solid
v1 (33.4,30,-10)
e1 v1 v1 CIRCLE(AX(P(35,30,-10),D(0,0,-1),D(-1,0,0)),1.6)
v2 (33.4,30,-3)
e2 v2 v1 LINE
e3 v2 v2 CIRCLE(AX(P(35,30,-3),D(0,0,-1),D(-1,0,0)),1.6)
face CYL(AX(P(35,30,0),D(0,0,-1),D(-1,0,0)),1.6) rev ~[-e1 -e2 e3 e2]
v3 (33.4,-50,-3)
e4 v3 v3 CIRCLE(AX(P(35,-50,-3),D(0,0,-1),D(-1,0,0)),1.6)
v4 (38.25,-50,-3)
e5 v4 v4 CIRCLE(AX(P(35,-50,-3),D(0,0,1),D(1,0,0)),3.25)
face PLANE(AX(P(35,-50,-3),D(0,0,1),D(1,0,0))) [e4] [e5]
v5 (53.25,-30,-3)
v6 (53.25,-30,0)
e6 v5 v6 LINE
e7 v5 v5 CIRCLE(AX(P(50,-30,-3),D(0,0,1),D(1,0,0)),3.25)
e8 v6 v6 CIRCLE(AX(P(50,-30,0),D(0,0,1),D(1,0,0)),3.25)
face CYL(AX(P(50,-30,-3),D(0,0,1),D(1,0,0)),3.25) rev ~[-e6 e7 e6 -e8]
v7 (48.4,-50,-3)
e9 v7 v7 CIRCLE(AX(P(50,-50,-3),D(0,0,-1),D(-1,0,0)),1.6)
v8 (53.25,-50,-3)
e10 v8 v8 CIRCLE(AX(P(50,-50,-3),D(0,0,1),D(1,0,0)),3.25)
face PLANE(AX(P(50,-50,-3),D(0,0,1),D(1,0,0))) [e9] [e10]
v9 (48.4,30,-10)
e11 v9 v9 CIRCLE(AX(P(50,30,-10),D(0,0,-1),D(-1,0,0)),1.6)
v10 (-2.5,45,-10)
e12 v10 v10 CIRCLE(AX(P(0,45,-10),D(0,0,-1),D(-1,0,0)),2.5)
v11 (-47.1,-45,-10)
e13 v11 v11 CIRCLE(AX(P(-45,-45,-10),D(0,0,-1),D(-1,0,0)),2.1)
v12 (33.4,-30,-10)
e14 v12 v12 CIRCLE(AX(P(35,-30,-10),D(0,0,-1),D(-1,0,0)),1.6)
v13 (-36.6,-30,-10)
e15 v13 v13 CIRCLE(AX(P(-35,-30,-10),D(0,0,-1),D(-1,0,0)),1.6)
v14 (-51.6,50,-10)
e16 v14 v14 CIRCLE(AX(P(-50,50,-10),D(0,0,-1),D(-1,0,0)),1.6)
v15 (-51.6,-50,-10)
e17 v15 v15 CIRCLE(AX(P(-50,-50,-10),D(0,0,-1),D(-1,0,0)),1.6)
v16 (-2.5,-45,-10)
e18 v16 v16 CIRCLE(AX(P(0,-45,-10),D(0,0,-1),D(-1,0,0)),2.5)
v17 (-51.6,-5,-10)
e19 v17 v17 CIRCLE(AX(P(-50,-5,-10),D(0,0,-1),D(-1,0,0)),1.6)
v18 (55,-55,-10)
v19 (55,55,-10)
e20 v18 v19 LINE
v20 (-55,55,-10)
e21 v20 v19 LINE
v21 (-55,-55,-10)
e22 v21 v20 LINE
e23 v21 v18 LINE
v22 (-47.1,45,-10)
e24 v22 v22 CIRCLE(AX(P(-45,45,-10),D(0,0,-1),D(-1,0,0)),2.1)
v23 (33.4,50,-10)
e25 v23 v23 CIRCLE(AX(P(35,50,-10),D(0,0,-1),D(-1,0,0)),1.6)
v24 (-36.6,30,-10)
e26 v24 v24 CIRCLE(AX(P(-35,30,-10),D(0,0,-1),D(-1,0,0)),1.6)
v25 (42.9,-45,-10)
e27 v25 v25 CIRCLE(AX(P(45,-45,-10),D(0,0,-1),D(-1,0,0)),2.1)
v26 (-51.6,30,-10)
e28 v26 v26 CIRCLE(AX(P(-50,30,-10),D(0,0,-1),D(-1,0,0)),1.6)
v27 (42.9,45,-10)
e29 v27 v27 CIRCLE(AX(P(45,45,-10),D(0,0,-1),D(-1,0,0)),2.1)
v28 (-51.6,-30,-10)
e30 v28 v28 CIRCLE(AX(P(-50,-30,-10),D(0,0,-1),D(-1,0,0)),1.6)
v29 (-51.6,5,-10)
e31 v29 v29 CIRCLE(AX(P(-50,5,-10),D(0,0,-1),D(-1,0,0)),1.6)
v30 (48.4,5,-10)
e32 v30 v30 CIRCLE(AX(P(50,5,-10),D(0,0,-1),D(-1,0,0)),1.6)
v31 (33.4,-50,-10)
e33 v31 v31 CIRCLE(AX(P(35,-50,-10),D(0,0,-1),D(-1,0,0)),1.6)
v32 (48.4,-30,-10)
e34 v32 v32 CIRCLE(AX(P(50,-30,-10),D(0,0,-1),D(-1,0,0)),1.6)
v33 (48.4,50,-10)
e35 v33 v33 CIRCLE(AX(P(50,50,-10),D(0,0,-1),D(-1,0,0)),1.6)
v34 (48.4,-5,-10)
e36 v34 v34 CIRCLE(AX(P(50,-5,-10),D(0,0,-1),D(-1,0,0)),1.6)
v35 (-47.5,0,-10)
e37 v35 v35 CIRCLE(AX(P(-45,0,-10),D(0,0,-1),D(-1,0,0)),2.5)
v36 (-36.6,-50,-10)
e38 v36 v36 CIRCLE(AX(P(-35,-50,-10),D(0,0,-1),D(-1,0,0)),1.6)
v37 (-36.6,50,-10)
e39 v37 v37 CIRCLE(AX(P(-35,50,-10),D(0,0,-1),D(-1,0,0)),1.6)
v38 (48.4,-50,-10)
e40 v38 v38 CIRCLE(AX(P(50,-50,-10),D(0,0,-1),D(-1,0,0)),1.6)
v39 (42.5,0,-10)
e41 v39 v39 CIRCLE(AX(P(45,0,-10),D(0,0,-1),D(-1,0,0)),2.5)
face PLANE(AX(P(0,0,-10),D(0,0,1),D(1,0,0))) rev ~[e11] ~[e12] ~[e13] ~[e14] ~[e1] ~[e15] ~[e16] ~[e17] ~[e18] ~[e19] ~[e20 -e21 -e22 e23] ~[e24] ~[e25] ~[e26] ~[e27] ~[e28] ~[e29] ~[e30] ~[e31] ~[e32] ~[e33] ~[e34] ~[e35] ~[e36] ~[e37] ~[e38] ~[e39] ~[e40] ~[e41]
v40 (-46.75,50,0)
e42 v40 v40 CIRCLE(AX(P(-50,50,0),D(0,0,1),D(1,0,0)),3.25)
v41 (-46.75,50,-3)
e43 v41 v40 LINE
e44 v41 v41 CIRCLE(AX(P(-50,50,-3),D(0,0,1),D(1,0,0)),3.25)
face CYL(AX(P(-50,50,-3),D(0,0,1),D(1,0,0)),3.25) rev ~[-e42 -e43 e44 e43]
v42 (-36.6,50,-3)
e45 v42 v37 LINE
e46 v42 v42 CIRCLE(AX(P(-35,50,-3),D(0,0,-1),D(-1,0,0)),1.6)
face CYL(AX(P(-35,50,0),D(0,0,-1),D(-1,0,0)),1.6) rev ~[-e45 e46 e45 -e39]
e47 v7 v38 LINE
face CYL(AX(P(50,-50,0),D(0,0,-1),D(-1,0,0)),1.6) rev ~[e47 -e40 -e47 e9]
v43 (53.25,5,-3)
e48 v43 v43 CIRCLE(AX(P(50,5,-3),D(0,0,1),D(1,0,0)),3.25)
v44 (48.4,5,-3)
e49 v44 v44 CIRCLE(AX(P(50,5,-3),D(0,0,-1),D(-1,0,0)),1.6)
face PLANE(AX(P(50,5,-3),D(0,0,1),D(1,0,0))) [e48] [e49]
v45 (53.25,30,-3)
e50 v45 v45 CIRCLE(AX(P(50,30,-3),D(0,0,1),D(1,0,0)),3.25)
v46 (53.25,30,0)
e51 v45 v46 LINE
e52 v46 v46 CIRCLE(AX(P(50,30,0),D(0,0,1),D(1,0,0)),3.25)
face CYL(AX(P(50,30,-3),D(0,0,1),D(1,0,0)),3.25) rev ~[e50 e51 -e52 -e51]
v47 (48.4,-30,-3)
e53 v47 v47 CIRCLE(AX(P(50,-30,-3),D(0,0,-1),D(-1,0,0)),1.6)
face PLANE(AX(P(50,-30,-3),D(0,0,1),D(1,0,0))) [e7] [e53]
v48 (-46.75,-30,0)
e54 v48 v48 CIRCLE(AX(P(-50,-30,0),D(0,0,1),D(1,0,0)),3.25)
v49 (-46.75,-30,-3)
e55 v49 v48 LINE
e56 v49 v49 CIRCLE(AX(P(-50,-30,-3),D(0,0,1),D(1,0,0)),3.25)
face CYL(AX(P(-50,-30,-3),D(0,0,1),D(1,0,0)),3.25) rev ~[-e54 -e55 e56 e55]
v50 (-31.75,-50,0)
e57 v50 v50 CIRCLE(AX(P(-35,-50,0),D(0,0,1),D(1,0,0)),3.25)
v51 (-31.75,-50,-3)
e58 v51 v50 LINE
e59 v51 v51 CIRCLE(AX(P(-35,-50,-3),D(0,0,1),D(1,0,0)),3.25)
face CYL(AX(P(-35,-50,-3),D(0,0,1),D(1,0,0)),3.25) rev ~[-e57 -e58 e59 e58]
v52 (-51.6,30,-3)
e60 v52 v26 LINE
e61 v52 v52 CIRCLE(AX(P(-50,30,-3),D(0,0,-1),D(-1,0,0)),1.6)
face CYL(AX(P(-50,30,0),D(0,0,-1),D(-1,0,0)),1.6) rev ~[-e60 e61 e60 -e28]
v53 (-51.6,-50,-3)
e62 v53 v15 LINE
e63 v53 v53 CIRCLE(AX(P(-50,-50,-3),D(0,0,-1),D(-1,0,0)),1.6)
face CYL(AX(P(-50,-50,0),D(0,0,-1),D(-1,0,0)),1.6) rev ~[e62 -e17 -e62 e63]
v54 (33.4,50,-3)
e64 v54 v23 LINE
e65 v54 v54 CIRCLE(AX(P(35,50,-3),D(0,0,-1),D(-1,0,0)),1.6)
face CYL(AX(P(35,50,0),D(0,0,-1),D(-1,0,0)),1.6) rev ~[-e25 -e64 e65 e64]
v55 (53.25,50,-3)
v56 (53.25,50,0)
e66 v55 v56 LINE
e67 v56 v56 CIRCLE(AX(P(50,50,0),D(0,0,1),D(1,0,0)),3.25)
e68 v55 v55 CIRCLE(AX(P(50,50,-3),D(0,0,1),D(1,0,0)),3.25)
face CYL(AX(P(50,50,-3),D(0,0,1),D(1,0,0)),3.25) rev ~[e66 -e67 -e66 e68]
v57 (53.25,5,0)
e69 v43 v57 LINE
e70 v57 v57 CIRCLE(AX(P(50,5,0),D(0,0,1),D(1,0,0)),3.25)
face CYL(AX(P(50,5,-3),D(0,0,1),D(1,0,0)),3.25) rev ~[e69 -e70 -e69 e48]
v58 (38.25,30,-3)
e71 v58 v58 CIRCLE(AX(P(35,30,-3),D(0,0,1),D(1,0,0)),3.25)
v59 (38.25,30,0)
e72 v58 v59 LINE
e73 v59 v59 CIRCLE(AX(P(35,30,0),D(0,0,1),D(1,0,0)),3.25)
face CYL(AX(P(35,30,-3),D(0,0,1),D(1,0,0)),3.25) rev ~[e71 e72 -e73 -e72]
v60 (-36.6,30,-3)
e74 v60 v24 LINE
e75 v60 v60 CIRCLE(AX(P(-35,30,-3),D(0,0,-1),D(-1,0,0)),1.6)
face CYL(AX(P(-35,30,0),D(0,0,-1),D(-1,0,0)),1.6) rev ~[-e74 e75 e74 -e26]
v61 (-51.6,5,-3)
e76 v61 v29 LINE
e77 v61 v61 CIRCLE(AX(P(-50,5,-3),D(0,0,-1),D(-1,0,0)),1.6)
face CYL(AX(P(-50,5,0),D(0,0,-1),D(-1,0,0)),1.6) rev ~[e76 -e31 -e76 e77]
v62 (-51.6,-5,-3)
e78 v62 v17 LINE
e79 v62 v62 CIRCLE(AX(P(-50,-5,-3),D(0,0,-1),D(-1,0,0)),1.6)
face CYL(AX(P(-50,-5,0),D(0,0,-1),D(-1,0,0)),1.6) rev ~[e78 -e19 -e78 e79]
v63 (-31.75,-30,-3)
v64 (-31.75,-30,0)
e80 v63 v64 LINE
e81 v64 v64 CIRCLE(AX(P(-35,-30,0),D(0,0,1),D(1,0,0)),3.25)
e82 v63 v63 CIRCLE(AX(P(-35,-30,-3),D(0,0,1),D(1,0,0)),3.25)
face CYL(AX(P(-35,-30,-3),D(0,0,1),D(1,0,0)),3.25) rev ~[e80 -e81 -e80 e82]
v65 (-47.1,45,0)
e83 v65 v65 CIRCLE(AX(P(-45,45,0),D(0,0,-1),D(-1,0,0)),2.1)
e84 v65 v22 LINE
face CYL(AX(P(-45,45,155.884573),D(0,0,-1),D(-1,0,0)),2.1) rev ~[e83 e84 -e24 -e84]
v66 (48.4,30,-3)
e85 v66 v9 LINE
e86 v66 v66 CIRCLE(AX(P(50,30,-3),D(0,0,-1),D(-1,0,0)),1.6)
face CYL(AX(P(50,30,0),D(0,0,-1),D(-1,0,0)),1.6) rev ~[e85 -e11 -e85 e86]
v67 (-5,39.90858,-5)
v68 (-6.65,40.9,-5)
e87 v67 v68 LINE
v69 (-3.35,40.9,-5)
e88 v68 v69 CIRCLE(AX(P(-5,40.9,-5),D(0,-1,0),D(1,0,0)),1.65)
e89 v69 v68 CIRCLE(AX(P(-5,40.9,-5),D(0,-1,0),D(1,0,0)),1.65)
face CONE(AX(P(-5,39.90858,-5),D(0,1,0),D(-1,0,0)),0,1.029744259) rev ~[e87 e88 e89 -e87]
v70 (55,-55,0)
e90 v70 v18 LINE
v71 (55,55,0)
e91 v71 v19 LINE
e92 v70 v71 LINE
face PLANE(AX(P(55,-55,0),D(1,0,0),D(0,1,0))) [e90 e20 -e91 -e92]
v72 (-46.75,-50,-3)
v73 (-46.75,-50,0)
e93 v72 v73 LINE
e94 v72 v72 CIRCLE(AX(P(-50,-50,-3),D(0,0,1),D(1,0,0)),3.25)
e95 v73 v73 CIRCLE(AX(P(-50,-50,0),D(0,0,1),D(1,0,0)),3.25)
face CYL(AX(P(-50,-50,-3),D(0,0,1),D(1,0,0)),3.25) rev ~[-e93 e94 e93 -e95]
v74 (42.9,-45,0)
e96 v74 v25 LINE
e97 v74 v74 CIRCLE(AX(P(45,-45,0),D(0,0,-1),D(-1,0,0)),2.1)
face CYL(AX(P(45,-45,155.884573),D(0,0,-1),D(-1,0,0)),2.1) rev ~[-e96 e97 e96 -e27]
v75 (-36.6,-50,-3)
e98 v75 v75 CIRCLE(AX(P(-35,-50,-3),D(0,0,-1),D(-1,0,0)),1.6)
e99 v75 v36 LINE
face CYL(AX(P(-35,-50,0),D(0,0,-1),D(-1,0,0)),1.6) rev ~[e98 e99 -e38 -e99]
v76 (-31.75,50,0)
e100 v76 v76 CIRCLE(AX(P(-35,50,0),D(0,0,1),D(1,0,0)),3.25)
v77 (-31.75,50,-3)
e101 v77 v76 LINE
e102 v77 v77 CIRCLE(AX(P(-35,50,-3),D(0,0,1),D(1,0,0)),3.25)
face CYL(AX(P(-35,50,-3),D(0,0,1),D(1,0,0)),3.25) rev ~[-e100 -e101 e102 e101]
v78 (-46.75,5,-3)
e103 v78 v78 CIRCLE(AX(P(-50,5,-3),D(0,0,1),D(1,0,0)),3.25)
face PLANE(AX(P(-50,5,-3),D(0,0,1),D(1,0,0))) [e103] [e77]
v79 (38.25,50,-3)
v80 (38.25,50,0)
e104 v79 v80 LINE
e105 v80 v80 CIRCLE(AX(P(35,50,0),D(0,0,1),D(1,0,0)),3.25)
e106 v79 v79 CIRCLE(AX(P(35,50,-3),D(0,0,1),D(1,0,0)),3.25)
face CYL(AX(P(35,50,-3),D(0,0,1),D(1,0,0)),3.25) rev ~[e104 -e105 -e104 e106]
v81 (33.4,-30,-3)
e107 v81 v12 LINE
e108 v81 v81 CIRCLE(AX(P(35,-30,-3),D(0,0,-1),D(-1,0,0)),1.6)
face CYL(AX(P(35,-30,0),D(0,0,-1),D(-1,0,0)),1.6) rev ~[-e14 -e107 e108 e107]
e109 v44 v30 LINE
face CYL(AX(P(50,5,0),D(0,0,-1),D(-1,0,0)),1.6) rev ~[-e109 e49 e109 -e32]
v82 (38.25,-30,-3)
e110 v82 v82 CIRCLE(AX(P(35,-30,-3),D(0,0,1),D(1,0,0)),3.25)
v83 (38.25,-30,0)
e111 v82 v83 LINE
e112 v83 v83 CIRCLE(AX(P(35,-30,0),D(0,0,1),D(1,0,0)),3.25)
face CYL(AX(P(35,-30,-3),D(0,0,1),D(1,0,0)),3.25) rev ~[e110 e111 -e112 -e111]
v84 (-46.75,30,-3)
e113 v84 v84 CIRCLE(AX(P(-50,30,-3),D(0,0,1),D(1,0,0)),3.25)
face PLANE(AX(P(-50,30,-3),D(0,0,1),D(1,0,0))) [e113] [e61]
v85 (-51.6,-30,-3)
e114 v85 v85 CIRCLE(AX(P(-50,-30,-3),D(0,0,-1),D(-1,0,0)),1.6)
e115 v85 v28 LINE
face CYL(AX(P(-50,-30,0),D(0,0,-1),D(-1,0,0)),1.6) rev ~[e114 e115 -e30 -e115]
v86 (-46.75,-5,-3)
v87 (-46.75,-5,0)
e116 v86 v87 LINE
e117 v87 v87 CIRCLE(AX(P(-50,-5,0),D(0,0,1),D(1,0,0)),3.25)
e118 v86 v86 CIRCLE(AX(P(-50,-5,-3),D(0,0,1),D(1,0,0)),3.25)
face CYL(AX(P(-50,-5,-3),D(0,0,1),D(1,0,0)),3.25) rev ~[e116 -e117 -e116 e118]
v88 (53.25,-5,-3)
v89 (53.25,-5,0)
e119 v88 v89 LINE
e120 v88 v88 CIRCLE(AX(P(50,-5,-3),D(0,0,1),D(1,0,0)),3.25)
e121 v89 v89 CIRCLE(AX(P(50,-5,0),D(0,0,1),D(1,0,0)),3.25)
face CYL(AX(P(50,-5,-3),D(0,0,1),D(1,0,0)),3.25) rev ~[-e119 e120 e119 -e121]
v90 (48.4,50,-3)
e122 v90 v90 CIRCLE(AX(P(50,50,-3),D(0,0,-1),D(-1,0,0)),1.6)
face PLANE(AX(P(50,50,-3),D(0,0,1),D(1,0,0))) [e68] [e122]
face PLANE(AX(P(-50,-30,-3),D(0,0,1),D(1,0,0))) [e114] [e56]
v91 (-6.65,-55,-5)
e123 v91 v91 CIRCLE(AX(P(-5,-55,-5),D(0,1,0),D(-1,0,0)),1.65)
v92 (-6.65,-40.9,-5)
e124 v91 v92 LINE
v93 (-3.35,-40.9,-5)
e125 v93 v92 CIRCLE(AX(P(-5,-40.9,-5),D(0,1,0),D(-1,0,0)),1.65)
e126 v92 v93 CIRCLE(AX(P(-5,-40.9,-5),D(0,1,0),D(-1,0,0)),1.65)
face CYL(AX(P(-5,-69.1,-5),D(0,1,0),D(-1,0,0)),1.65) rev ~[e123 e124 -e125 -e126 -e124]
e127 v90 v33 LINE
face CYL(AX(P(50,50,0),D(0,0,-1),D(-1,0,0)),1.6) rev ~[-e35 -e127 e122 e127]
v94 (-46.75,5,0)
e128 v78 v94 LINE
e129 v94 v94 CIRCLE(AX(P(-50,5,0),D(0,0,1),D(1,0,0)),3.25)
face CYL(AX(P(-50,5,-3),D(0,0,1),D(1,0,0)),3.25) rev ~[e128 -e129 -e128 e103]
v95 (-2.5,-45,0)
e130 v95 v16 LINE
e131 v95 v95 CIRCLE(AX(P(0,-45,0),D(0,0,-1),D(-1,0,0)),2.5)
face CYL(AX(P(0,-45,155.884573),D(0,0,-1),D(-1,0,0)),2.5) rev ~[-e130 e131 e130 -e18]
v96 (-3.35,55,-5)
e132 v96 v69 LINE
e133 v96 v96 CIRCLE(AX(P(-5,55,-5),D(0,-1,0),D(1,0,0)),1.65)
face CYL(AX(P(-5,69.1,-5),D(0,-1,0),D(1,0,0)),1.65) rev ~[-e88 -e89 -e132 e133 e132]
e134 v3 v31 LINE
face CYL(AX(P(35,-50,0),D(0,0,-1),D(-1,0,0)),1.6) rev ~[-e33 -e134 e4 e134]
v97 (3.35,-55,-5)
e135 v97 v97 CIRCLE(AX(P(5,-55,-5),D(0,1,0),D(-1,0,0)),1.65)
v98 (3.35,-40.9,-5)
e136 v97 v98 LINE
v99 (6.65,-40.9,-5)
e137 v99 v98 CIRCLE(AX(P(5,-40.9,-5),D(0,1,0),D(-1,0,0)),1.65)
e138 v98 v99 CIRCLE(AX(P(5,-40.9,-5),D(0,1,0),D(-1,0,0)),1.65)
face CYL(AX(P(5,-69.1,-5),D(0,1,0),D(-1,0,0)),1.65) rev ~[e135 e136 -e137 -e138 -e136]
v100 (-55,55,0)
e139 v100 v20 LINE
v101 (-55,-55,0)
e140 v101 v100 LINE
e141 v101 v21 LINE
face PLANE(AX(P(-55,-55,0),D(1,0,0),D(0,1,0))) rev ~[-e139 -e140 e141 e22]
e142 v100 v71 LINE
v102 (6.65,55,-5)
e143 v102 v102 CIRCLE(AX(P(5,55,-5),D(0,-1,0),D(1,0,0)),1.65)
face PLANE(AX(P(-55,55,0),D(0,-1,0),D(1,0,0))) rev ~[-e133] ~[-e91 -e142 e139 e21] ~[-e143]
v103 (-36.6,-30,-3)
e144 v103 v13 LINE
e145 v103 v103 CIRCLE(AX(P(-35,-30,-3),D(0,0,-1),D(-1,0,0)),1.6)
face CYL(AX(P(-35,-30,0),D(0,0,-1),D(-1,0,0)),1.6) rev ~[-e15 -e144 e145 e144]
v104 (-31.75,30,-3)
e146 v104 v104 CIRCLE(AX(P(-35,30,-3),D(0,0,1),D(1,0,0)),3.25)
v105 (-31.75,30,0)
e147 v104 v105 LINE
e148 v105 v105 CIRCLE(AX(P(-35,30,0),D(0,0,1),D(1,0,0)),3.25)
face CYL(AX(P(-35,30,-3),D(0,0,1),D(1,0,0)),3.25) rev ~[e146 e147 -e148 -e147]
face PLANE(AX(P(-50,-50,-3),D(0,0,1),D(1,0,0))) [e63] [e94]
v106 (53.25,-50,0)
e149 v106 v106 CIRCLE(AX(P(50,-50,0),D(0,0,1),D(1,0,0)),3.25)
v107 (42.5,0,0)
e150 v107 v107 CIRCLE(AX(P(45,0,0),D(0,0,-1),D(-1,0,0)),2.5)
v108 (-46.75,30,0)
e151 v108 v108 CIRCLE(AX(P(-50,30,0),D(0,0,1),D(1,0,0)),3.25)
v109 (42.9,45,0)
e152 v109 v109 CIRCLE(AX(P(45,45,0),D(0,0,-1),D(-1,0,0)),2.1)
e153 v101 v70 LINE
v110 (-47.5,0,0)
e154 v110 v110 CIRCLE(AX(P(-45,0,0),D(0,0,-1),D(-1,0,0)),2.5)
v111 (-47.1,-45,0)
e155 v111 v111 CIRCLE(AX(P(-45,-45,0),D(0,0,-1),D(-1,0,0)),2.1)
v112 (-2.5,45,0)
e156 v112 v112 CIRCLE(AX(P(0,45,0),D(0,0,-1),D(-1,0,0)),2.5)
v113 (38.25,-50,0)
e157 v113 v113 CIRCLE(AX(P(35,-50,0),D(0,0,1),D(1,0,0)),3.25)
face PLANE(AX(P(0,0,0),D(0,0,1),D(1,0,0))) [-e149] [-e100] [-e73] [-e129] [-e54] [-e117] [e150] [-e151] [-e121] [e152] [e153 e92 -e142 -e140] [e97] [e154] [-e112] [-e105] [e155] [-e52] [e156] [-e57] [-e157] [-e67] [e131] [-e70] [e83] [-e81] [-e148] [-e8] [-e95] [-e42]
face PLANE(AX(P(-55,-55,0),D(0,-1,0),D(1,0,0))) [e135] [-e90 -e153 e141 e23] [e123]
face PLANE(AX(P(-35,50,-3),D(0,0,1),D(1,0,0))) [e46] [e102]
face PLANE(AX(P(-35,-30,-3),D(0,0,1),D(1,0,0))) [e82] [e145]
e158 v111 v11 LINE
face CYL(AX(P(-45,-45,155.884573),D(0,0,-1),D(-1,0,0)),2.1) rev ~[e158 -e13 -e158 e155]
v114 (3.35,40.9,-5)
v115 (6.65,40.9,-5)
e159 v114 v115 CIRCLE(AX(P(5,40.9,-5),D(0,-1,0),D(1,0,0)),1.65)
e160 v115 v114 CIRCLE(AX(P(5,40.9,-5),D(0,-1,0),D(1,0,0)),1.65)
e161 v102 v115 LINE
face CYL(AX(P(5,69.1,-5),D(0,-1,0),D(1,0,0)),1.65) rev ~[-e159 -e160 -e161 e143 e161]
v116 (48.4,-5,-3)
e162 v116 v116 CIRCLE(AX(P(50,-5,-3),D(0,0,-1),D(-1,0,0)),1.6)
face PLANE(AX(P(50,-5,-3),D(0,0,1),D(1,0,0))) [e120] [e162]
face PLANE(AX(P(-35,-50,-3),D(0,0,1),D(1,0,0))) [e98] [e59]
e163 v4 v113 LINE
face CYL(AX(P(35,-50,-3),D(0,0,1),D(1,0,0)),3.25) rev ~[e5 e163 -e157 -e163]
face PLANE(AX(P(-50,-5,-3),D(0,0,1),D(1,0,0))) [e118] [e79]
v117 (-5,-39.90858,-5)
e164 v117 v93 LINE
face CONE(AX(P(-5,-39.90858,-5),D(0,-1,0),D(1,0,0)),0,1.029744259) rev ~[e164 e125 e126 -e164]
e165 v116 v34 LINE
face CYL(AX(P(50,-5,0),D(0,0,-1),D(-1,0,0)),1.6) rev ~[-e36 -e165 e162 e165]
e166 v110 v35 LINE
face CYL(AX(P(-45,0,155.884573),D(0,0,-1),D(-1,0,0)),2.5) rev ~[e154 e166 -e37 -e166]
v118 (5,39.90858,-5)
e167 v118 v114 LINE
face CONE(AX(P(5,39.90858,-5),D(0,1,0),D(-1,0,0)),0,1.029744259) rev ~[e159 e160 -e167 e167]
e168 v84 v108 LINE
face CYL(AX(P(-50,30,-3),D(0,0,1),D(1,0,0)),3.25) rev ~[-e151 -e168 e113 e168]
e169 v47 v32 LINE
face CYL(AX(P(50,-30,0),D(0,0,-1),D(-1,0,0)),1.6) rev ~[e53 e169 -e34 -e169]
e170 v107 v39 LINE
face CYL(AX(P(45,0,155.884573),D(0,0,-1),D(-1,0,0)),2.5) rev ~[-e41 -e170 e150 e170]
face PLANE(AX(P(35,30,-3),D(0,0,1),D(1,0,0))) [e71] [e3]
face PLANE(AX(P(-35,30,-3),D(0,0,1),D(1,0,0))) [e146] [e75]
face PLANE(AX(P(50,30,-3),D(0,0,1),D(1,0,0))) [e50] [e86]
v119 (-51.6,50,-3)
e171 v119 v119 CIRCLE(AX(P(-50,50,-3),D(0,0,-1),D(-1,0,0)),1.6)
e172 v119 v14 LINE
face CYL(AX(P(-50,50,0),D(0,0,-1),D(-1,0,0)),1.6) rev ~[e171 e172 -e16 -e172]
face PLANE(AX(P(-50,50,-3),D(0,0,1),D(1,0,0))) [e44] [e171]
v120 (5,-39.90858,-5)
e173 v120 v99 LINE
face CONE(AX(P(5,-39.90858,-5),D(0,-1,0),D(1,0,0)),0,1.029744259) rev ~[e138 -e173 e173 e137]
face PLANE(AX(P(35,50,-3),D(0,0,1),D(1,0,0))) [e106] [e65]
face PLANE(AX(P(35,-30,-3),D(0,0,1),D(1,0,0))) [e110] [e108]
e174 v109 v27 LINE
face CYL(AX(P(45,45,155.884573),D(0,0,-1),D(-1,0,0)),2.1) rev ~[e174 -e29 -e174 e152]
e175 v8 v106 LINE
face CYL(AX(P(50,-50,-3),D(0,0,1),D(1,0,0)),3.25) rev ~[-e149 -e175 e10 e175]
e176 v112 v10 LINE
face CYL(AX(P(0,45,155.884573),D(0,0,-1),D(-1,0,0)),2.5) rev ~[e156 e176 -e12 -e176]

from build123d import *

# Parameters (mm, degrees)
F0_W           = 110
F0_H           = 110
F1_DEPTH       = 10
F2_D           = 3.2
F2_CBORE_D     = 6.5
F2_CBORE_DEPTH = 3
F3_D           = 4.2
F6_D           = 3.3
F6_DEPTH       = 14.1
F6_TIP         = 0.9914200214
F6_ON_F4_D     = 3.3
F6_ON_F4_DEPTH = 14.1
F6_ON_F4_TIP   = 0.9914200214
F7_D           = 5


with BuildPart() as f1:
    # F0 (on Top) → F1 (new body)
    with BuildSketch(Plane.XY):
        Rectangle(F0_W, F0_H)
    extrude(amount=-F1_DEPTH)

    # F2 (through all)
    with Locations(Plane.XY):
        with Locations((-50, 30), (-35, 30), (-35, 50), (-50, 50), (-50, -30), (-35, -30), (-35, -50), (-50, -50), (35, -30), (35, -50), (50, -50), (50, -30), (35, 30), (35, 50), (50, 50), (50, 30), (-50, 5), (-50, -5), (50, 5), (50, -5)):
            CounterBoreHole(F2_D / 2, F2_CBORE_D / 2, F2_CBORE_DEPTH)

    # F3 (through all)
    with Locations(Plane.XY):
        with Locations((-45, 45), (45, 45), (45, -45), (-45, -45)):
            Hole(F3_D / 2)

    # F6
    with Locations(Plane(origin=(0, 55, 0), x_dir=(-1, 0, 0), z_dir=(0, 1, 0))):
        with Locations((-5, -5), (5, -5)):
            Hole(F6_D / 2, depth=F6_DEPTH)
            with Locations((0, 0, -(F6_DEPTH + F6_TIP / 2))):  # 118° drill point
                Cone(0, F6_D / 2, F6_TIP, mode=Mode.SUBTRACT)

    # F6 on F4
    with Locations(Plane.XZ.offset(55)):
        with Locations((-5, -5), (5, -5)):
            Hole(F6_ON_F4_D / 2, depth=F6_ON_F4_DEPTH)
            with Locations((0, 0, -(F6_ON_F4_DEPTH + F6_ON_F4_TIP / 2))):  # 118° drill point
                Cone(0, F6_ON_F4_D / 2, F6_ON_F4_TIP, mode=Mode.SUBTRACT)

    # F7 (through all)
    with Locations(Plane.XY):
        with Locations((0, -45), (45, 0), (0, 45), (-45, 0)):
            Hole(F7_D / 2)


solid = f1.part
